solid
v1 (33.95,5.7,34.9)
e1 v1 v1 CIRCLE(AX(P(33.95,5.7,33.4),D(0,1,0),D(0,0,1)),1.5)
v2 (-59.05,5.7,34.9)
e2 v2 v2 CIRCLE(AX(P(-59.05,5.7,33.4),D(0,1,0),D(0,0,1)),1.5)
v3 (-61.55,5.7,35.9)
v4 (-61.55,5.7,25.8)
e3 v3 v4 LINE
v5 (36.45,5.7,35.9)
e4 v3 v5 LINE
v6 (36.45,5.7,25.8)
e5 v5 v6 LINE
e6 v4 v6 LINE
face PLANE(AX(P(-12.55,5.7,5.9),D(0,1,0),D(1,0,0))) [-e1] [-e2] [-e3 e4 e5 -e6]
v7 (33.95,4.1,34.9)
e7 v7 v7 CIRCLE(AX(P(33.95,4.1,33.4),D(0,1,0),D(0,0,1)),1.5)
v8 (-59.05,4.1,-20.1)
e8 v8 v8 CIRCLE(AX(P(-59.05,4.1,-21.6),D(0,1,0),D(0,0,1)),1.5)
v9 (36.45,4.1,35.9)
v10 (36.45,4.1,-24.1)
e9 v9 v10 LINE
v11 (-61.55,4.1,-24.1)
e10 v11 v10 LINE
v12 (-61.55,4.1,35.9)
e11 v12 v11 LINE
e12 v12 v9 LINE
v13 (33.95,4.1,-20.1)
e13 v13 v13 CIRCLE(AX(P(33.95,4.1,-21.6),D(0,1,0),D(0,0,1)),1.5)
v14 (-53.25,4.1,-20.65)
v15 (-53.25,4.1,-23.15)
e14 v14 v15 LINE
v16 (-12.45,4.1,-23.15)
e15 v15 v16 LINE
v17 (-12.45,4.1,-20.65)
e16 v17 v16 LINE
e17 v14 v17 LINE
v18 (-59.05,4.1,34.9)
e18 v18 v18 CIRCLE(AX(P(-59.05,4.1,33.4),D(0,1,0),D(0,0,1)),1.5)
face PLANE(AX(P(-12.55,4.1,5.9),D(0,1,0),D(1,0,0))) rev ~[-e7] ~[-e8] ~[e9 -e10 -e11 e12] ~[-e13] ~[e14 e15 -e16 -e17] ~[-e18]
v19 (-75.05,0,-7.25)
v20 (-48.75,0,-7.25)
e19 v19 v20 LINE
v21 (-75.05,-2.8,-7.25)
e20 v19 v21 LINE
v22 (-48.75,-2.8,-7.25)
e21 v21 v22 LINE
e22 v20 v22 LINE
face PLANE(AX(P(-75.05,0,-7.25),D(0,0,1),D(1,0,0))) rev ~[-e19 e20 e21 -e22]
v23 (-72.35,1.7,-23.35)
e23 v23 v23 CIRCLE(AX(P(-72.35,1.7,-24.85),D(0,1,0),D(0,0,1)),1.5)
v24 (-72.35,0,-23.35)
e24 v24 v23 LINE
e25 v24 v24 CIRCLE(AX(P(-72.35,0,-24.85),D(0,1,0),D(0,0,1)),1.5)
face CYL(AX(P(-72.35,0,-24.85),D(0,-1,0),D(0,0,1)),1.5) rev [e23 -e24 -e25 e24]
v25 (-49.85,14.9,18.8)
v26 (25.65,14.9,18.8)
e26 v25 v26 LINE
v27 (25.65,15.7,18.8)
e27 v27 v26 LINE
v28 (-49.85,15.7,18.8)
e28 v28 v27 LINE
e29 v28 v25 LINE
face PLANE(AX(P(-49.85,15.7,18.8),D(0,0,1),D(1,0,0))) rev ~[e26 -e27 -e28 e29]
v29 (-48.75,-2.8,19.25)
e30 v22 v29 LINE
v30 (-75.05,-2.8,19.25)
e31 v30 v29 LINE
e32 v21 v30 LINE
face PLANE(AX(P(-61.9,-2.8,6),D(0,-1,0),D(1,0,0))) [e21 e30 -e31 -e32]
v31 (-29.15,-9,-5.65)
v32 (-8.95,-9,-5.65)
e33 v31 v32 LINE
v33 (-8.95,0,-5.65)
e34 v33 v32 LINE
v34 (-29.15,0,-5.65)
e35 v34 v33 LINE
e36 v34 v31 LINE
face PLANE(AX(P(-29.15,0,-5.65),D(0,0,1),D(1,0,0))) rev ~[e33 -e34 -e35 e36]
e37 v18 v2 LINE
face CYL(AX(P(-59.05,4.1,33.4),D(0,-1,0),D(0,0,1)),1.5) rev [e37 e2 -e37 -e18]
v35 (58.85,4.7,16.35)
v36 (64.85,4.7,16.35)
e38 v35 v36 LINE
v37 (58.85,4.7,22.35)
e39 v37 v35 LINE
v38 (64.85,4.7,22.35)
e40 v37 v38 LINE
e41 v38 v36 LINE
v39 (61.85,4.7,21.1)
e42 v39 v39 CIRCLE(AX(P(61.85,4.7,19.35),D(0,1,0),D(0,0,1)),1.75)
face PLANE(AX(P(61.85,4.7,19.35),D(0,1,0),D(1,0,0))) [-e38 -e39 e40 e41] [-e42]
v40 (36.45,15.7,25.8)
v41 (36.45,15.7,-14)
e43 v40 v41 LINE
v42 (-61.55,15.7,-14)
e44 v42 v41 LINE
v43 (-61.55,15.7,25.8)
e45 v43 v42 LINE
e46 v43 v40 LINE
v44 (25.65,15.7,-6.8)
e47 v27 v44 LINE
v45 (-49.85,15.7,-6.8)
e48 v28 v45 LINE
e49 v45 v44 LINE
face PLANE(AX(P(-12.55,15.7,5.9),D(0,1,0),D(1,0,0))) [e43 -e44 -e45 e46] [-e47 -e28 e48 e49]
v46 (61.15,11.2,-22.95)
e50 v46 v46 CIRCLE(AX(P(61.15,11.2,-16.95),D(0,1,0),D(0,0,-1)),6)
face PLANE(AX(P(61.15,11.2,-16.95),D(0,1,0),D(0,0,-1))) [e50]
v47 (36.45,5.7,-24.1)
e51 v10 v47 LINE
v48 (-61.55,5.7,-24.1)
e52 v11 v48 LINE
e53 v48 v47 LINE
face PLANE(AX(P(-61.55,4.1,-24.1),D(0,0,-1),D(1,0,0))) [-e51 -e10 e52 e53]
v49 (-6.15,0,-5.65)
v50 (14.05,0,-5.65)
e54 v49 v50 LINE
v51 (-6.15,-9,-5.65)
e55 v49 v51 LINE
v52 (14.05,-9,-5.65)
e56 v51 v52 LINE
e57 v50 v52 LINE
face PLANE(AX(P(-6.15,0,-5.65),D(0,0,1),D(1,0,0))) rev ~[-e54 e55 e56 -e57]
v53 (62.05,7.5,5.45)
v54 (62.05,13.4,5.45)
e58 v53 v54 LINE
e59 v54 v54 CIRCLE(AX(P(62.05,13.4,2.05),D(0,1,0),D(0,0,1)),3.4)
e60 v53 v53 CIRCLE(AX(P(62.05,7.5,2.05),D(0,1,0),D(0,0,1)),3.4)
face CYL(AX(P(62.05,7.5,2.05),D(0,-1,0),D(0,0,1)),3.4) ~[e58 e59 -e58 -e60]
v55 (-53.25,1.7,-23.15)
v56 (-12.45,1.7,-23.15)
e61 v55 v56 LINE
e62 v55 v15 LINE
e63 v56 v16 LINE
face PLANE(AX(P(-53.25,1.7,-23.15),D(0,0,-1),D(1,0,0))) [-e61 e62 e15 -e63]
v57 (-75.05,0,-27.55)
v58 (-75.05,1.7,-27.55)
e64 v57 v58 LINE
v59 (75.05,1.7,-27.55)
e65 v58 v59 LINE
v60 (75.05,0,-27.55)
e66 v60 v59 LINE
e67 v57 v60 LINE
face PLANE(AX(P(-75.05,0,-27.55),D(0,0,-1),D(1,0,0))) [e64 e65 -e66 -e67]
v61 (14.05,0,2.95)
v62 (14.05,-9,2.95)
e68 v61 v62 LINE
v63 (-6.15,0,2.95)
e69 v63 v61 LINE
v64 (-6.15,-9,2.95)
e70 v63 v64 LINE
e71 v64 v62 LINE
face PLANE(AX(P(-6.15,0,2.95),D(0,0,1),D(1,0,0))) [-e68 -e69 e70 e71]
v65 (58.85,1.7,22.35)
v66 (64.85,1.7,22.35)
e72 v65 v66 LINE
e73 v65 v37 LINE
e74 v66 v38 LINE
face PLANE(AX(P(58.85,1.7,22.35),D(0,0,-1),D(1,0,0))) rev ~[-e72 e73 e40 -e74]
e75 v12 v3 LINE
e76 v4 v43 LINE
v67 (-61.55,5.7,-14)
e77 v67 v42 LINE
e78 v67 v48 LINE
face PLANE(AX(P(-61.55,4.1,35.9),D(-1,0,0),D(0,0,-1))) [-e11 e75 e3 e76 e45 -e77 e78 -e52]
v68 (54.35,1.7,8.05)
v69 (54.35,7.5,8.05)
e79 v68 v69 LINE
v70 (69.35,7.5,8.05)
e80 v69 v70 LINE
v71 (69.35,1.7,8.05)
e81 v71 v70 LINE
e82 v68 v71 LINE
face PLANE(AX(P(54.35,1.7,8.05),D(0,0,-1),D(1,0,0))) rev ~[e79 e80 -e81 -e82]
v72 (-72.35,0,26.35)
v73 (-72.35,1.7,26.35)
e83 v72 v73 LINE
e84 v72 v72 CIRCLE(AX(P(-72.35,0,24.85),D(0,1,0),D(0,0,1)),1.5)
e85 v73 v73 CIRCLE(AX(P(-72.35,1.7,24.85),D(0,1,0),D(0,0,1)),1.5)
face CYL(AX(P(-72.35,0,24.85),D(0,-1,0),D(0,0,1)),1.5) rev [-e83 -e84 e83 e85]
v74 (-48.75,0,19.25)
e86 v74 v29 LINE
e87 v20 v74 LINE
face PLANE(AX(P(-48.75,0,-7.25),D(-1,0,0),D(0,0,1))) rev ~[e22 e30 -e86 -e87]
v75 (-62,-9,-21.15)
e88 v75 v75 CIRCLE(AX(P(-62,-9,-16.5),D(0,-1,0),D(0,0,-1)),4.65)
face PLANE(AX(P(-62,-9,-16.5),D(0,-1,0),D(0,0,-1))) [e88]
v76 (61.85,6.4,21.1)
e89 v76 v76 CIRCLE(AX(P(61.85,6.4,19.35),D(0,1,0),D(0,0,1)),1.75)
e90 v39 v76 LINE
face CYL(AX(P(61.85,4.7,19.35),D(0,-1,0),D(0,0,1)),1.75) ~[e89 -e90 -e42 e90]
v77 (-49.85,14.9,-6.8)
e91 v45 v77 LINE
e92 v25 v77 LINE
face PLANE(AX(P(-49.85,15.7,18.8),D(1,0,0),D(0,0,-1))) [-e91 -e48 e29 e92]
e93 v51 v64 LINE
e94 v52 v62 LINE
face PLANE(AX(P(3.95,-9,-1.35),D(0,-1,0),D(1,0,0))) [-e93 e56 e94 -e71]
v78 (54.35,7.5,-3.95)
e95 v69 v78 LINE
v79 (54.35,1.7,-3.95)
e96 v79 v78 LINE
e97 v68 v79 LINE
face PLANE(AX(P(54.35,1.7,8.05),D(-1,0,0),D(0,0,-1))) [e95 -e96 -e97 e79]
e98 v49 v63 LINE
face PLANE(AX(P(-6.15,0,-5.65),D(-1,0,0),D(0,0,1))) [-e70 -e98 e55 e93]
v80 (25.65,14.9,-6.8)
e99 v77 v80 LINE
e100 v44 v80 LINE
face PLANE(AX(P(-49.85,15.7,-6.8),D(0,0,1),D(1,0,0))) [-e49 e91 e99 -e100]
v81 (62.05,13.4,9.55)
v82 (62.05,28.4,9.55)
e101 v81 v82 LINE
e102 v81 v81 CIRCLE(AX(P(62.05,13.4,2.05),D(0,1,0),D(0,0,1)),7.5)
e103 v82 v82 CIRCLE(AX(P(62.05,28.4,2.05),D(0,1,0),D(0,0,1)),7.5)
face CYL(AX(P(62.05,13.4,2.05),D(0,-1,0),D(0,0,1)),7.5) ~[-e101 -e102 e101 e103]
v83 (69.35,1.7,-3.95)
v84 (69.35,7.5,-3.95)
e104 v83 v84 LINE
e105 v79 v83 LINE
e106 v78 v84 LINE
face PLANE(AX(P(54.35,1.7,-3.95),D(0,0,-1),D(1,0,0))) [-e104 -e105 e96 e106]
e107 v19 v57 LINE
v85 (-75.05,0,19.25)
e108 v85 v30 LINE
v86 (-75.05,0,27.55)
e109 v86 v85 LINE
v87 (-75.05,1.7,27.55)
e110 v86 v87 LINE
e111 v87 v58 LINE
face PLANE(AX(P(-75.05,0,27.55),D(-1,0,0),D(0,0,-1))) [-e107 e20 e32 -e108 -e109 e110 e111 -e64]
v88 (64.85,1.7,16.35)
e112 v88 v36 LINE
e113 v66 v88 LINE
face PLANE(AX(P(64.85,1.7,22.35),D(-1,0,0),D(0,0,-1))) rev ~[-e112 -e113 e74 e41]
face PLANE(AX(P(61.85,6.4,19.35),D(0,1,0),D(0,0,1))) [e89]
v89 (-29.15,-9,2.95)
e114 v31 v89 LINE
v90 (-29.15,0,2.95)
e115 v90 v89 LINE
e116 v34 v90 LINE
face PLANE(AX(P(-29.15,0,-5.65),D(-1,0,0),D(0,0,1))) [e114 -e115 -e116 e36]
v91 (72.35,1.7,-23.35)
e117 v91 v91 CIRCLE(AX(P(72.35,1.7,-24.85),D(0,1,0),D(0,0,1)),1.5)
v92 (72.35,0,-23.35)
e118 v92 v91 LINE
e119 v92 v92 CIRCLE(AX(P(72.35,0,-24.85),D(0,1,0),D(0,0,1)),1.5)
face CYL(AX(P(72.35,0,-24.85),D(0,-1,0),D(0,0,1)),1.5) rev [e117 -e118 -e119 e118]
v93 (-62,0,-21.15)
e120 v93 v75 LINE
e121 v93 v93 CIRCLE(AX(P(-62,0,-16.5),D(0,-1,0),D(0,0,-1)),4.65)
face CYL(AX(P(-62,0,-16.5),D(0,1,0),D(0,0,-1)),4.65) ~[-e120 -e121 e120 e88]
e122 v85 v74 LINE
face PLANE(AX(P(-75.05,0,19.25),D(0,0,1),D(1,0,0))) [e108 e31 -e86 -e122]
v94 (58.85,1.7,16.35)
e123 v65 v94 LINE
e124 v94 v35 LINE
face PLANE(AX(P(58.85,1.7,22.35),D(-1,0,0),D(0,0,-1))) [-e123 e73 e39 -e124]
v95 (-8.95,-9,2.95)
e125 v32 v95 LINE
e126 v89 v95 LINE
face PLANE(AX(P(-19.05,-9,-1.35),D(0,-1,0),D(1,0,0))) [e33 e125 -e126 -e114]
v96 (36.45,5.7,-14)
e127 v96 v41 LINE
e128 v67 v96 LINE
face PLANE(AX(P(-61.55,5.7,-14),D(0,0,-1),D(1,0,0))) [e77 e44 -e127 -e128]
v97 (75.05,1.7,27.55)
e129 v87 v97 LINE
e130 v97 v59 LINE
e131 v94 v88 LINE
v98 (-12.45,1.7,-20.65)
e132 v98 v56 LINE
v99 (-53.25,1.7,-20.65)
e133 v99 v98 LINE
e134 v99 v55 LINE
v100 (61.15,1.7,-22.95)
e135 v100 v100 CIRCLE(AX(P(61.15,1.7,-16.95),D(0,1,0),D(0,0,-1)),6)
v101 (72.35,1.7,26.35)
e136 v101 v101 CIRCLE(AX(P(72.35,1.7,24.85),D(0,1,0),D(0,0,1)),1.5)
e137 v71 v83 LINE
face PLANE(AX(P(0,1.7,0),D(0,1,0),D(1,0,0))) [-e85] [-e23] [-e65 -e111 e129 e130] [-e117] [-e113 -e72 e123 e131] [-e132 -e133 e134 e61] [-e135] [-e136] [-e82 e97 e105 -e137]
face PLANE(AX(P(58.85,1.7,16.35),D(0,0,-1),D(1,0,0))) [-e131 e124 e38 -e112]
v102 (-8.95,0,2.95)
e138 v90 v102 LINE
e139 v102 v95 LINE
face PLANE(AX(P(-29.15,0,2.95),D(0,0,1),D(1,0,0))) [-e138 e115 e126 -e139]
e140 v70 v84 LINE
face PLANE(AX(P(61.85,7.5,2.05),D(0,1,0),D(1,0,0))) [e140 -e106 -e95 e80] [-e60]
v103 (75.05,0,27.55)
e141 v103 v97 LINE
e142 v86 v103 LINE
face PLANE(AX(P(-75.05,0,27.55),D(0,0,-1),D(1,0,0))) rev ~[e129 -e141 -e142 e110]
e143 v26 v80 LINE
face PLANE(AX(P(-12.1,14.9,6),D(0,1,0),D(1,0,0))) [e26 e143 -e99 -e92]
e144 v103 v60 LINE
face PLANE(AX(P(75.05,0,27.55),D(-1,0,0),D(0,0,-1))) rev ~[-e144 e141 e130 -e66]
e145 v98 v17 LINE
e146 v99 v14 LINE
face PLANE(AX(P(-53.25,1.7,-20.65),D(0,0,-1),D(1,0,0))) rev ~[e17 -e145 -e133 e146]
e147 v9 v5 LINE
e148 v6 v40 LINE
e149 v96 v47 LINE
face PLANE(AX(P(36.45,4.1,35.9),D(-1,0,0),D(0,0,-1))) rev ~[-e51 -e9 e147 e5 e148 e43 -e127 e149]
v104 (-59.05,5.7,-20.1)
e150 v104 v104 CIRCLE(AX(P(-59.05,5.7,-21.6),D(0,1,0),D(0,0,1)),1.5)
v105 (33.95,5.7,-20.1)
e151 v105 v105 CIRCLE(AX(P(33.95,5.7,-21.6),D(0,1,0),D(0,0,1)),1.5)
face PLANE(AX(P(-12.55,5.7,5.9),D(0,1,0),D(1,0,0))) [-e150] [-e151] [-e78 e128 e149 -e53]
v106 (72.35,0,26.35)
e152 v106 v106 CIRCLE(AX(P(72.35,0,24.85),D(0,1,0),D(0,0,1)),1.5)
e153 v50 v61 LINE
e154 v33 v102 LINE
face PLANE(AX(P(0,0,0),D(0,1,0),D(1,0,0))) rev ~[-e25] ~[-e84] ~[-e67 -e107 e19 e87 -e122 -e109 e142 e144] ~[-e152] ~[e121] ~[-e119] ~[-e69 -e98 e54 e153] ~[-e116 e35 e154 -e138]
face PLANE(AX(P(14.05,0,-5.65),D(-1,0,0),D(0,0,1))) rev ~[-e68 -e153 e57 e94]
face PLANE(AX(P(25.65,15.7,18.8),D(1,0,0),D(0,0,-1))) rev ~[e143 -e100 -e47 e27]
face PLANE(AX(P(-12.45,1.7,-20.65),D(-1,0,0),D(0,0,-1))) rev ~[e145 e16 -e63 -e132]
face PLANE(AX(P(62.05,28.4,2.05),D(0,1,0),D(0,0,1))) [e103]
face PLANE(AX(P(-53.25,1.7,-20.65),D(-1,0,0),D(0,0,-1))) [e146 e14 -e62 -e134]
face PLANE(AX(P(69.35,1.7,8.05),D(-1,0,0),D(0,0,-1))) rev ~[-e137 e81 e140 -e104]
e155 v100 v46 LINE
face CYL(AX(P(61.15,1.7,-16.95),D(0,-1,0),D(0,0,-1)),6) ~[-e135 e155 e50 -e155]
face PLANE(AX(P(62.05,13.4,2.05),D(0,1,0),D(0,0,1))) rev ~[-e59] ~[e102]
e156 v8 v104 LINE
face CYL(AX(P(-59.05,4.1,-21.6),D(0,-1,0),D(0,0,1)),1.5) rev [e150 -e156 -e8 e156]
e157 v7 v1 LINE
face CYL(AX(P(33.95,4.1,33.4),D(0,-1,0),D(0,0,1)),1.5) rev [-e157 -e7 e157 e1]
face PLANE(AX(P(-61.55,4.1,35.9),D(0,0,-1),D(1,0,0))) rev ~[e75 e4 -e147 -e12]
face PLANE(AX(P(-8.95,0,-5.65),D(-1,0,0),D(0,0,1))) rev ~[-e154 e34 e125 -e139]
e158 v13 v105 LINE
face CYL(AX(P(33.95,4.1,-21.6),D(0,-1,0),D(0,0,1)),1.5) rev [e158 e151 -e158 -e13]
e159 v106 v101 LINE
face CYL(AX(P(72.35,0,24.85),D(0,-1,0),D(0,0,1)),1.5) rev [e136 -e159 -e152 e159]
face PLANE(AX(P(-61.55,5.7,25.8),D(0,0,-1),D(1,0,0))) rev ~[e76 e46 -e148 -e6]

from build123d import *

# Parameters (mm, degrees)
SKETCH1_W            = 150.1
SKETCH1_H            = 55.1
SKETCH1_R            = 1.5
BOSS_EXTRUDE1_DEPTH  = 1.7
SKETCH2_W            = 40.8
SKETCH2_H            = 2.5
BOSS_EXTRUDE2_DEPTH  = 2.4
SKETCH3_W            = 98
SKETCH3_H            = 60
SKETCH3_R            = 1.5
BOSS_EXTRUDE3_DEPTH  = 1.6
SKETCH4_W            = 98
SKETCH4_H            = 39.8
BOSS_EXTRUDE4_DEPTH  = 10
SKETCH5_W            = 75.5
SKETCH5_H            = 25.6
CUT_EXTRUDE1_DEPTH   = 0.8
SKETCH6_R            = 6
BOSS_EXTRUDE5_DEPTH  = 9.5
SKETCH7_W            = 6
SKETCH7_H            = 6
BOSS_EXTRUDE6_DEPTH  = 3
SKETCH8_R            = 1.75
BOSS_EXTRUDE7_DEPTH  = 1.7
SKETCH9_W            = 26.3
SKETCH9_H            = 26.5
BOSS_EXTRUDE8_DEPTH  = 2.8
SKETCH10_W           = 20.2
SKETCH10_H           = 8.6
BOSS_EXTRUDE9_DEPTH  = 9
SKETCH11_R           = 4.65
BOSS_EXTRUDE10_DEPTH = 9
SKETCH12_W           = 15
SKETCH12_H           = 12
BOSS_EXTRUDE11_DEPTH = 5.8
SKETCH13_R           = 3.4
BOSS_EXTRUDE12_DEPTH = 5.9
SKETCH14_R           = 7.5
BOSS_EXTRUDE13_DEPTH = 15


with BuildPart() as part:
    # Sketch1 → Boss-Extrude1 (new body)
    with BuildSketch(Plane(origin=(0, 0, 0), x_dir=(1, 0, 0), z_dir=(0, 1, 0))):
        Rectangle(SKETCH1_W, SKETCH1_H)
        with Locations(Location((-72.35, 24.85, 0), (0, 0, 270))):
            Circle(SKETCH1_R, mode=Mode.SUBTRACT)
        with Locations(Location((-72.35, -24.85, 0), (0, 0, 270))):
            Circle(SKETCH1_R, mode=Mode.SUBTRACT)
        with Locations(Location((72.35, 24.85, 0), (0, 0, 270))):
            Circle(SKETCH1_R, mode=Mode.SUBTRACT)
        with Locations(Location((72.35, -24.85, 0), (0, 0, 270))):
            Circle(SKETCH1_R, mode=Mode.SUBTRACT)
    extrude(amount=BOSS_EXTRUDE1_DEPTH)

    # Sketch2 → Boss-Extrude2 (add)
    with BuildSketch(Plane(origin=(0, 1.7, 0), x_dir=(1, 0, 0), z_dir=(0, 1, 0))):
        with Locations((-32.85, 21.9)):
            Rectangle(SKETCH2_W, SKETCH2_H)
    extrude(amount=BOSS_EXTRUDE2_DEPTH)

    # Sketch3 → Boss-Extrude3 (add)
    with BuildSketch(Plane(origin=(0, 4.1, 0), x_dir=(1, 0, 0), z_dir=(0, 1, 0))):
        with Locations((-12.55, -5.9)):
            Rectangle(SKETCH3_W, SKETCH3_H)
        with Locations(Location((-59.05, 21.6, 0), (0, 0, 270))):
            Circle(SKETCH3_R, mode=Mode.SUBTRACT)
        with Locations(Location((33.95, 21.6, 0), (0, 0, 270))):
            Circle(SKETCH3_R, mode=Mode.SUBTRACT)
        with Locations(Location((33.95, -33.4, 0), (0, 0, 270))):
            Circle(SKETCH3_R, mode=Mode.SUBTRACT)
        with Locations(Location((-59.05, -33.4, 0), (0, 0, 270))):
            Circle(SKETCH3_R, mode=Mode.SUBTRACT)
    extrude(amount=BOSS_EXTRUDE3_DEPTH)

    # Sketch4 → Boss-Extrude4 (add)
    with BuildSketch(Plane(origin=(0, 5.7, 0), x_dir=(1, 0, 0), z_dir=(0, 1, 0))):
        with Locations((-12.55, -5.9)):
            Rectangle(SKETCH4_W, SKETCH4_H)
    extrude(amount=BOSS_EXTRUDE4_DEPTH)

    # Sketch5 → Cut-Extrude1 (cut)
    with BuildSketch(Plane(origin=(0, 15.7, 0), x_dir=(1, 0, 0), z_dir=(0, 1, 0))):
        with Locations((-12.1, -6)):
            Rectangle(SKETCH5_W, SKETCH5_H)
    extrude(amount=-CUT_EXTRUDE1_DEPTH, mode=Mode.SUBTRACT)

    # Sketch6 → Boss-Extrude5 (add)
    with BuildSketch(Plane(origin=(0, 1.7, 0), x_dir=(1, 0, 0), z_dir=(0, 1, 0))):
        with Locations(Location((61.15, 16.95, 0), (0, 0, 90))):
            Circle(SKETCH6_R)
    extrude(amount=BOSS_EXTRUDE5_DEPTH)

    # Sketch7 → Boss-Extrude6 (add)
    with BuildSketch(Plane(origin=(0, 1.7, 0), x_dir=(1, 0, 0), z_dir=(0, 1, 0))):
        with Locations((61.85, -19.35)):
            Rectangle(SKETCH7_W, SKETCH7_H)
    extrude(amount=BOSS_EXTRUDE6_DEPTH)

    # Sketch8 → Boss-Extrude7 (add)
    with BuildSketch(Plane(origin=(0, 4.7, 0), x_dir=(1, 0, 0), z_dir=(0, 1, 0))):
        with Locations(Location((61.85, -19.35, 0), (0, 0, 270))):
            Circle(SKETCH8_R)
    extrude(amount=BOSS_EXTRUDE7_DEPTH)

    # Sketch9 → Boss-Extrude8 (add)
    with BuildSketch(Plane.XZ):
        with Locations((-61.9, 6)):
            Rectangle(SKETCH9_W, SKETCH9_H)
    extrude(amount=BOSS_EXTRUDE8_DEPTH)

    # Sketch10 → Boss-Extrude9 (add)
    with BuildSketch(Plane.XZ):
        with Locations((3.95, -1.35)):
            Rectangle(SKETCH10_W, SKETCH10_H)
        with Locations((-19.05, -1.35)):
            Rectangle(SKETCH10_W, SKETCH10_H)
    extrude(amount=BOSS_EXTRUDE9_DEPTH)

    # Sketch11 → Boss-Extrude10 (add)
    with BuildSketch(Plane.XZ):
        with Locations(Location((-62, -16.5, 0), (0, 0, 270))):
            Circle(SKETCH11_R)
    extrude(amount=BOSS_EXTRUDE10_DEPTH)

    # Sketch12 → Boss-Extrude11 (add)
    with BuildSketch(Plane(origin=(0, 1.7, 0), x_dir=(1, 0, 0), z_dir=(0, 1, 0))):
        with Locations((61.85, -2.05)):
            Rectangle(SKETCH12_W, SKETCH12_H)
    extrude(amount=BOSS_EXTRUDE11_DEPTH)

    # Sketch13 → Boss-Extrude12 (add)
    with BuildSketch(Plane(origin=(0, 7.5, 0), x_dir=(1, 0, 0), z_dir=(0, 1, 0))):
        with Locations(Location((62.05, -2.05, 0), (0, 0, 270))):
            Circle(SKETCH13_R)
    extrude(amount=BOSS_EXTRUDE12_DEPTH)

    # Sketch14 → Boss-Extrude13 (add)
    with BuildSketch(Plane(origin=(0, 13.4, 0), x_dir=(1, 0, 0), z_dir=(0, 1, 0))):
        with Locations(Location((62.05, -2.05, 0), (0, 0, 270))):
            Circle(SKETCH14_R)
    extrude(amount=BOSS_EXTRUDE13_DEPTH)


solid = part.part
